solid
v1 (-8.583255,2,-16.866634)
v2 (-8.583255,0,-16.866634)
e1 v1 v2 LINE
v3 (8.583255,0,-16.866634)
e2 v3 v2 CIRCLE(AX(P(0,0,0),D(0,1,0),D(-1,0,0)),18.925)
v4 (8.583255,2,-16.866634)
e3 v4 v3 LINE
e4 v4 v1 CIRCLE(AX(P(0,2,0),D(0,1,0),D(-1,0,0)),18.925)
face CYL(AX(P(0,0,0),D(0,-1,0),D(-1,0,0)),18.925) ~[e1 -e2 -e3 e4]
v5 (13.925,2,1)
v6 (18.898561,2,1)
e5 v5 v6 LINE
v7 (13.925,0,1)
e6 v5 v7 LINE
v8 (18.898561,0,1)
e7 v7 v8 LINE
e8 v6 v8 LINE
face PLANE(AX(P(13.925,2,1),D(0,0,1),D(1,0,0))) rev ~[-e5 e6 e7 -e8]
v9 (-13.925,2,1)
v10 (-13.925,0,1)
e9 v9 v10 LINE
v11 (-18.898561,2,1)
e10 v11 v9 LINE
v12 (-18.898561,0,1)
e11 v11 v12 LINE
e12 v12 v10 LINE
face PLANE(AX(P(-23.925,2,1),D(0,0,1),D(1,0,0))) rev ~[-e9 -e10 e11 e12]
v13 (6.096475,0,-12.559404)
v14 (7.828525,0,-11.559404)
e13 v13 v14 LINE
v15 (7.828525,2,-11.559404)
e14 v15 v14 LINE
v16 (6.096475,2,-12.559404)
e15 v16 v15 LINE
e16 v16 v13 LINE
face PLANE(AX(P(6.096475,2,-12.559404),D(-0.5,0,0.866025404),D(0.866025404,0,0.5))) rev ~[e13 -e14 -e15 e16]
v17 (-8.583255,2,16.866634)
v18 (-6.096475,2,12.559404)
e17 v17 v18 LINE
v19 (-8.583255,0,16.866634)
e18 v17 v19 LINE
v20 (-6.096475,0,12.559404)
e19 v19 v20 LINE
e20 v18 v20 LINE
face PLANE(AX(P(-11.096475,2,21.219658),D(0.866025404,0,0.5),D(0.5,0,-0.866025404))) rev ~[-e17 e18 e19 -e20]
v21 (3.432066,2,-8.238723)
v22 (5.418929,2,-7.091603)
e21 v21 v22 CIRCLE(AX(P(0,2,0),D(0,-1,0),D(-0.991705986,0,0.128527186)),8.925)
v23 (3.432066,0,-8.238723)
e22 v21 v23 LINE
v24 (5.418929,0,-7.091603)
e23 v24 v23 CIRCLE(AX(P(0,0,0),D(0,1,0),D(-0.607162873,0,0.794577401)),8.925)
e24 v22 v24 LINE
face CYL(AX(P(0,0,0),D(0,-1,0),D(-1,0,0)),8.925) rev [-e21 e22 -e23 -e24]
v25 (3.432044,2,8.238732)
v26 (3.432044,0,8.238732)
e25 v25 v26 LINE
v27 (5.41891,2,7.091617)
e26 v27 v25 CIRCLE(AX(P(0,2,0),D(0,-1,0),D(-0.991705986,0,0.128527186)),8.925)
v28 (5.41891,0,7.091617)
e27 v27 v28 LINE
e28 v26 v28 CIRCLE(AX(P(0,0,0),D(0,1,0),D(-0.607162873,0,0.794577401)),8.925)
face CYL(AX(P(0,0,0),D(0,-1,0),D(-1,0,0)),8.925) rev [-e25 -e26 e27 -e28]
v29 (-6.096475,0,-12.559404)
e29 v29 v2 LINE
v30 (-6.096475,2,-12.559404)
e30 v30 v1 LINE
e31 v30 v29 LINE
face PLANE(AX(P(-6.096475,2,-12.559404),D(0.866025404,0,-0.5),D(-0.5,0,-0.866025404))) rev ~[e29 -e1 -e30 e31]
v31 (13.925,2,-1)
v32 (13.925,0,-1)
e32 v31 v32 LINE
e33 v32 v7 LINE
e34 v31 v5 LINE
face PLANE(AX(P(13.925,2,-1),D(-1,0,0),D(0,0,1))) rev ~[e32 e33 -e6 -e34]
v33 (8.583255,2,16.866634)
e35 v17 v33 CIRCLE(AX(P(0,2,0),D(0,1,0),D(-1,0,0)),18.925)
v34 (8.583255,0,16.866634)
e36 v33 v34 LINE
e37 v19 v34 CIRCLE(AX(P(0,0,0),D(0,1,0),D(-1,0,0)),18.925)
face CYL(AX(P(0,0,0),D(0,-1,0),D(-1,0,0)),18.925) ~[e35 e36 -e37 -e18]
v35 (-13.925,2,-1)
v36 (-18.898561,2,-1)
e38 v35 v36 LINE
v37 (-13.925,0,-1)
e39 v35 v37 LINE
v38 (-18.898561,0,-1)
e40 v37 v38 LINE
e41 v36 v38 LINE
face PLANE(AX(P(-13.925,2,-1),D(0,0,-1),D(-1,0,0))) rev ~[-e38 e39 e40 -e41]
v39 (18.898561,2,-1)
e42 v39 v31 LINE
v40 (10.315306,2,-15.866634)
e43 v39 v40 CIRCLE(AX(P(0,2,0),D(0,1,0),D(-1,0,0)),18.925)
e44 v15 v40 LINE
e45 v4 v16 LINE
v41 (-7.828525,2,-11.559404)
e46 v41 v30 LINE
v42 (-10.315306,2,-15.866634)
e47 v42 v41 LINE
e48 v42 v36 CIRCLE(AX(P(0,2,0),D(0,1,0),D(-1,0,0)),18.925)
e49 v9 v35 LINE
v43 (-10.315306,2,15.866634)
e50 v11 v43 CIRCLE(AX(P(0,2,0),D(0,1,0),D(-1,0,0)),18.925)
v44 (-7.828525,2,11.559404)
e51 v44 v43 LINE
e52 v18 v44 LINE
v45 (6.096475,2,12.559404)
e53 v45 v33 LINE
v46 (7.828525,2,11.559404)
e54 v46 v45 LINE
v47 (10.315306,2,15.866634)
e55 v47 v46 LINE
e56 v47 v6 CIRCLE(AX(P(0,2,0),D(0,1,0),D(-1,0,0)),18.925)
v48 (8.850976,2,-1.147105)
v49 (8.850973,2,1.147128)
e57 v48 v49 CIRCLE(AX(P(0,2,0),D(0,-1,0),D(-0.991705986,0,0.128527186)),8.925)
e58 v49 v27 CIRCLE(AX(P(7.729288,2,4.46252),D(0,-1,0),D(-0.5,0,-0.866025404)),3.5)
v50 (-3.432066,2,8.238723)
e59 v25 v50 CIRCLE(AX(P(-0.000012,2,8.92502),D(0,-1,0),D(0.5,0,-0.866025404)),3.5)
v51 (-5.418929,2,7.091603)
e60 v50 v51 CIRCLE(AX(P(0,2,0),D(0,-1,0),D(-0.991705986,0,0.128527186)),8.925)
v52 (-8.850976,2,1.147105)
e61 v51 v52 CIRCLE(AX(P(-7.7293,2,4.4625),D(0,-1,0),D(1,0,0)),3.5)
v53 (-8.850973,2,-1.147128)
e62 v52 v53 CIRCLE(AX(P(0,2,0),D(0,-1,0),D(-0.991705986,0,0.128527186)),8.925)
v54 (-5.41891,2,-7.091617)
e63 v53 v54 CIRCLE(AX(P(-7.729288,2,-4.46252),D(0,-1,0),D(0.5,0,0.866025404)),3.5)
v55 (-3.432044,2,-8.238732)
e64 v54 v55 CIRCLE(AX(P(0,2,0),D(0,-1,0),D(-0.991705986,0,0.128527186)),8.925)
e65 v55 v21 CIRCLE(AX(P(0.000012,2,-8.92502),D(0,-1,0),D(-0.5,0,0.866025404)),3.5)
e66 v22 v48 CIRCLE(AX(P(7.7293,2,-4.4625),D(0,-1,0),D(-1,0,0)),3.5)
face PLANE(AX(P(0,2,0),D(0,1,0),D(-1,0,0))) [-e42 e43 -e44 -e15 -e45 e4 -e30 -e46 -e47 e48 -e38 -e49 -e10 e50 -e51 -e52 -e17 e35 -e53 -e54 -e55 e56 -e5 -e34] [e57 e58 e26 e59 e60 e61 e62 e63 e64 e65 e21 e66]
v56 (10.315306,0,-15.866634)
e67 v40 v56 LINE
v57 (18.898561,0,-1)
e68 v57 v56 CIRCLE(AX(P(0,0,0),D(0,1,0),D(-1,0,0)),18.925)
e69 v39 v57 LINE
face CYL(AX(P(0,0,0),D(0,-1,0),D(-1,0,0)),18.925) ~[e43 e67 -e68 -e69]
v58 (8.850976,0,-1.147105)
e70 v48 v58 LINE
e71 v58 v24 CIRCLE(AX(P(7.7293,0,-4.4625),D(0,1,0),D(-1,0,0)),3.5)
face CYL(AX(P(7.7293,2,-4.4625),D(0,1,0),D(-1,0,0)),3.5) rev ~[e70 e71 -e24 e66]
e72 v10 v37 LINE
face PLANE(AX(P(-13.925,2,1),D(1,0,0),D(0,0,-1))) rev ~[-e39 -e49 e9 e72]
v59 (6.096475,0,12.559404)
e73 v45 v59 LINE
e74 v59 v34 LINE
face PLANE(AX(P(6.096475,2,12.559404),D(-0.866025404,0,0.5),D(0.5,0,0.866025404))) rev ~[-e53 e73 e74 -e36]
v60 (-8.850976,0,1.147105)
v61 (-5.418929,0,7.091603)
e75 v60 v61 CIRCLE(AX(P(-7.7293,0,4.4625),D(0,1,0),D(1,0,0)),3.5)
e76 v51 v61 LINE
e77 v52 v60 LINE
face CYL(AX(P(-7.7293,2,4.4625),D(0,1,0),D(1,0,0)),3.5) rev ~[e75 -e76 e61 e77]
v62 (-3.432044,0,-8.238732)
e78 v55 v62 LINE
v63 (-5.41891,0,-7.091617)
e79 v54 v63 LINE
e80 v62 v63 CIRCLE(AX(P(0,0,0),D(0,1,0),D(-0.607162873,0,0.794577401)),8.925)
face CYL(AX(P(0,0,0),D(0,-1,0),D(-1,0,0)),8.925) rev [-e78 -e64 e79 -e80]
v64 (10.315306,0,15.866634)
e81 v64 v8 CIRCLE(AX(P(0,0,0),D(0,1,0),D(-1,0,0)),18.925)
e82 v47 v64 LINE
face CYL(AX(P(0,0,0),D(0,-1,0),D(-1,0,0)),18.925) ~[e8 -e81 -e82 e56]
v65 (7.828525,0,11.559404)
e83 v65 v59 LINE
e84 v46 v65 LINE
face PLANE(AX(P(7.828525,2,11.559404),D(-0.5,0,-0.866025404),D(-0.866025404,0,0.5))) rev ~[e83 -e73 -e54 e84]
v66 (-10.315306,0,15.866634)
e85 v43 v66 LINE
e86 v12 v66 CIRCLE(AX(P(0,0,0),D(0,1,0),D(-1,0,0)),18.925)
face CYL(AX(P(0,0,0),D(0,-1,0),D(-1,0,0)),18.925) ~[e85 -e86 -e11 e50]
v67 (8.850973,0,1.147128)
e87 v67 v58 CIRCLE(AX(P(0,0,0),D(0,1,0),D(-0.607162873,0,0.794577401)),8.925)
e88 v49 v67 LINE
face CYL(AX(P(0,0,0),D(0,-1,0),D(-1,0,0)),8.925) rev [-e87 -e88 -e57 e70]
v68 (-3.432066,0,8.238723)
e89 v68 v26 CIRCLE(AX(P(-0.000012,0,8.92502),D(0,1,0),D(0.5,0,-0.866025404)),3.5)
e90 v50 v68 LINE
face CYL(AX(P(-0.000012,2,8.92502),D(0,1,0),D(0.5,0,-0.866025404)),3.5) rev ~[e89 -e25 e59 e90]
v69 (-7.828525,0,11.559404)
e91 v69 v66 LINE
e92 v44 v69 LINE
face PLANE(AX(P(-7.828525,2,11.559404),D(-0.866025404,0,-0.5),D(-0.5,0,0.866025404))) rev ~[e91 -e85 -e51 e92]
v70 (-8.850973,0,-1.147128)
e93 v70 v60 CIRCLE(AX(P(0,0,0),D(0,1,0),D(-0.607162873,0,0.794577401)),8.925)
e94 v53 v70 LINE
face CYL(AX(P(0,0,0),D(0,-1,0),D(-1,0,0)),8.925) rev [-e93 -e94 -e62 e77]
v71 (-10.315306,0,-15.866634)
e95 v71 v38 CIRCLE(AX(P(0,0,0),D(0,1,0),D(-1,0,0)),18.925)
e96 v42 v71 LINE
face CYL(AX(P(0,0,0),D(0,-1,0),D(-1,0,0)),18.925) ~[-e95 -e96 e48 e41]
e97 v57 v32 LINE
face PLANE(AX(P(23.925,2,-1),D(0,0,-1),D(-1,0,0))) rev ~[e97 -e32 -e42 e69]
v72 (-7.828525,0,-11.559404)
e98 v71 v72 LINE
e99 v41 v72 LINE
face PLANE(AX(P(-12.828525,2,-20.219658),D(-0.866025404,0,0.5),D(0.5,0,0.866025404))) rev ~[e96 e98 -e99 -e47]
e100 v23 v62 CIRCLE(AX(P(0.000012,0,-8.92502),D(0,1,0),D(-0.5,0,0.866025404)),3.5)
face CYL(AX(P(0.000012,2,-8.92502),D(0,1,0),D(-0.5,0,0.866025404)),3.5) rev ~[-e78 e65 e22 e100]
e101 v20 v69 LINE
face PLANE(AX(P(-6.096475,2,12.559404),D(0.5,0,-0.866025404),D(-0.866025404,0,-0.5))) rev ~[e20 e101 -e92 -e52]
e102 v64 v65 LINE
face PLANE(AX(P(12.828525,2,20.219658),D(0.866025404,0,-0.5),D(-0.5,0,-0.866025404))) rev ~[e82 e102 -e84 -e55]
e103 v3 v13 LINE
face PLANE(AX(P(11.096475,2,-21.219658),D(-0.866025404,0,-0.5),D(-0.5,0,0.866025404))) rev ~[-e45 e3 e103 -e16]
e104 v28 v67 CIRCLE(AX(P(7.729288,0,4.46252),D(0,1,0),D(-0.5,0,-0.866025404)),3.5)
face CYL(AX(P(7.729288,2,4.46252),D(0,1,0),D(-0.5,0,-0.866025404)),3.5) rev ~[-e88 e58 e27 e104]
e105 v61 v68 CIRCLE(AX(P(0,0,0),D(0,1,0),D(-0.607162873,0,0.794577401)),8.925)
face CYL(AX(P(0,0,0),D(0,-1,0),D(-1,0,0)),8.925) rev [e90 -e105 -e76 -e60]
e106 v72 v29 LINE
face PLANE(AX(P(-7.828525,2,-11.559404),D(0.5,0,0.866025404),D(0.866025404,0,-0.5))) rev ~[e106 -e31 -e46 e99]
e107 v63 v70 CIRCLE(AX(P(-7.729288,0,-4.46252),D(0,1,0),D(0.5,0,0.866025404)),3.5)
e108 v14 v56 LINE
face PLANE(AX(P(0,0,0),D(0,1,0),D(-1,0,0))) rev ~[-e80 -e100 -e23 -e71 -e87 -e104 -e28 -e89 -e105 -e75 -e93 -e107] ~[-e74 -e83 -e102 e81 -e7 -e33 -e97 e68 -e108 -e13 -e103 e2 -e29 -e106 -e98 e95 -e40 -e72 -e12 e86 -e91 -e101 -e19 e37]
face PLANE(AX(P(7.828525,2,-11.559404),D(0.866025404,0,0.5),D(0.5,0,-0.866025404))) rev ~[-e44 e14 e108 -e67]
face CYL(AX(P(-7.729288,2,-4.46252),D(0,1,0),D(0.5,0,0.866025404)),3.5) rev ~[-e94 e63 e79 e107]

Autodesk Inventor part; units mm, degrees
ref_plane "YZ Plane" through (0, 0, 0) normal (1, 0, 0) x (0, 1, 0)
ref_plane "XZ Plane" through (0, 0, 0) normal (0, 1, 0) x (-1, 0, 0)
ref_plane "XY Plane" through (0, 0, 0) normal (0, 0, 1) x (1, 0, 0)
sketch "Sketch1" plane through (0, 0, 0) normal (0, 1, 0) x (-1, 0, 0)
  circle A0 centre (0, 0) radius 18.925
  circle A1 centre (0, 0) radius 8.925
  dimension "d0" = 37.85
  dimension "d1" = 17.85
extrude "Extrusion1" add sketch "Sketch1" along normal blind 2
sketch "Sketch2" plane through (0, 2, 0) normal (0, 1, 0) x (1, 0, 0)
  line L0 (-23.925, -1) -> (-13.925, -1)
  line L1 (-13.925, -1) -> (-13.925, 1)
  line L2 (-13.925, 1) -> (-23.925, 1)
  line L3 (-23.925, 1) -> (-23.925, -1)
  point P0 (0, 0)
  dimension "d4" = 1
  dimension "d5" = 2
  dimension "d6" = 13.925
  dimension "d7" = 10
extrude "Extrusion2" cut sketch "Sketch2" against normal blind 2
pattern_circular "Circular Pattern1" count 6 over 360 about axis through (0, -10, 0) along (0, 1, 0) of "Extrusion2"
sketch "Sketch3" plane through (0, 2, 0) normal (0, 1, 0) x (1, 0, 0)
  circle A0 centre (-7.7293, -4.4625) radius 3.5
  line L0 (-7.7293, -4.4625) -> (0, 0) construction
  circle A1 centre (0, 0) radius 8.925 projected
  line L1 (-26.458, 0) -> (26.458, 0) projected
  dimension "d13" = 30
  dimension "d14" = 7
extrude "Extrusion3" cut sketch "Sketch3" against normal blind 2 contours A0 A1 | A1 A0
pattern_circular "Circular Pattern2" count 6 over 360 about axis through (0, -10, 0) along (0, 1, 0) of "Extrusion3"
properties part number "Ring_n6"
